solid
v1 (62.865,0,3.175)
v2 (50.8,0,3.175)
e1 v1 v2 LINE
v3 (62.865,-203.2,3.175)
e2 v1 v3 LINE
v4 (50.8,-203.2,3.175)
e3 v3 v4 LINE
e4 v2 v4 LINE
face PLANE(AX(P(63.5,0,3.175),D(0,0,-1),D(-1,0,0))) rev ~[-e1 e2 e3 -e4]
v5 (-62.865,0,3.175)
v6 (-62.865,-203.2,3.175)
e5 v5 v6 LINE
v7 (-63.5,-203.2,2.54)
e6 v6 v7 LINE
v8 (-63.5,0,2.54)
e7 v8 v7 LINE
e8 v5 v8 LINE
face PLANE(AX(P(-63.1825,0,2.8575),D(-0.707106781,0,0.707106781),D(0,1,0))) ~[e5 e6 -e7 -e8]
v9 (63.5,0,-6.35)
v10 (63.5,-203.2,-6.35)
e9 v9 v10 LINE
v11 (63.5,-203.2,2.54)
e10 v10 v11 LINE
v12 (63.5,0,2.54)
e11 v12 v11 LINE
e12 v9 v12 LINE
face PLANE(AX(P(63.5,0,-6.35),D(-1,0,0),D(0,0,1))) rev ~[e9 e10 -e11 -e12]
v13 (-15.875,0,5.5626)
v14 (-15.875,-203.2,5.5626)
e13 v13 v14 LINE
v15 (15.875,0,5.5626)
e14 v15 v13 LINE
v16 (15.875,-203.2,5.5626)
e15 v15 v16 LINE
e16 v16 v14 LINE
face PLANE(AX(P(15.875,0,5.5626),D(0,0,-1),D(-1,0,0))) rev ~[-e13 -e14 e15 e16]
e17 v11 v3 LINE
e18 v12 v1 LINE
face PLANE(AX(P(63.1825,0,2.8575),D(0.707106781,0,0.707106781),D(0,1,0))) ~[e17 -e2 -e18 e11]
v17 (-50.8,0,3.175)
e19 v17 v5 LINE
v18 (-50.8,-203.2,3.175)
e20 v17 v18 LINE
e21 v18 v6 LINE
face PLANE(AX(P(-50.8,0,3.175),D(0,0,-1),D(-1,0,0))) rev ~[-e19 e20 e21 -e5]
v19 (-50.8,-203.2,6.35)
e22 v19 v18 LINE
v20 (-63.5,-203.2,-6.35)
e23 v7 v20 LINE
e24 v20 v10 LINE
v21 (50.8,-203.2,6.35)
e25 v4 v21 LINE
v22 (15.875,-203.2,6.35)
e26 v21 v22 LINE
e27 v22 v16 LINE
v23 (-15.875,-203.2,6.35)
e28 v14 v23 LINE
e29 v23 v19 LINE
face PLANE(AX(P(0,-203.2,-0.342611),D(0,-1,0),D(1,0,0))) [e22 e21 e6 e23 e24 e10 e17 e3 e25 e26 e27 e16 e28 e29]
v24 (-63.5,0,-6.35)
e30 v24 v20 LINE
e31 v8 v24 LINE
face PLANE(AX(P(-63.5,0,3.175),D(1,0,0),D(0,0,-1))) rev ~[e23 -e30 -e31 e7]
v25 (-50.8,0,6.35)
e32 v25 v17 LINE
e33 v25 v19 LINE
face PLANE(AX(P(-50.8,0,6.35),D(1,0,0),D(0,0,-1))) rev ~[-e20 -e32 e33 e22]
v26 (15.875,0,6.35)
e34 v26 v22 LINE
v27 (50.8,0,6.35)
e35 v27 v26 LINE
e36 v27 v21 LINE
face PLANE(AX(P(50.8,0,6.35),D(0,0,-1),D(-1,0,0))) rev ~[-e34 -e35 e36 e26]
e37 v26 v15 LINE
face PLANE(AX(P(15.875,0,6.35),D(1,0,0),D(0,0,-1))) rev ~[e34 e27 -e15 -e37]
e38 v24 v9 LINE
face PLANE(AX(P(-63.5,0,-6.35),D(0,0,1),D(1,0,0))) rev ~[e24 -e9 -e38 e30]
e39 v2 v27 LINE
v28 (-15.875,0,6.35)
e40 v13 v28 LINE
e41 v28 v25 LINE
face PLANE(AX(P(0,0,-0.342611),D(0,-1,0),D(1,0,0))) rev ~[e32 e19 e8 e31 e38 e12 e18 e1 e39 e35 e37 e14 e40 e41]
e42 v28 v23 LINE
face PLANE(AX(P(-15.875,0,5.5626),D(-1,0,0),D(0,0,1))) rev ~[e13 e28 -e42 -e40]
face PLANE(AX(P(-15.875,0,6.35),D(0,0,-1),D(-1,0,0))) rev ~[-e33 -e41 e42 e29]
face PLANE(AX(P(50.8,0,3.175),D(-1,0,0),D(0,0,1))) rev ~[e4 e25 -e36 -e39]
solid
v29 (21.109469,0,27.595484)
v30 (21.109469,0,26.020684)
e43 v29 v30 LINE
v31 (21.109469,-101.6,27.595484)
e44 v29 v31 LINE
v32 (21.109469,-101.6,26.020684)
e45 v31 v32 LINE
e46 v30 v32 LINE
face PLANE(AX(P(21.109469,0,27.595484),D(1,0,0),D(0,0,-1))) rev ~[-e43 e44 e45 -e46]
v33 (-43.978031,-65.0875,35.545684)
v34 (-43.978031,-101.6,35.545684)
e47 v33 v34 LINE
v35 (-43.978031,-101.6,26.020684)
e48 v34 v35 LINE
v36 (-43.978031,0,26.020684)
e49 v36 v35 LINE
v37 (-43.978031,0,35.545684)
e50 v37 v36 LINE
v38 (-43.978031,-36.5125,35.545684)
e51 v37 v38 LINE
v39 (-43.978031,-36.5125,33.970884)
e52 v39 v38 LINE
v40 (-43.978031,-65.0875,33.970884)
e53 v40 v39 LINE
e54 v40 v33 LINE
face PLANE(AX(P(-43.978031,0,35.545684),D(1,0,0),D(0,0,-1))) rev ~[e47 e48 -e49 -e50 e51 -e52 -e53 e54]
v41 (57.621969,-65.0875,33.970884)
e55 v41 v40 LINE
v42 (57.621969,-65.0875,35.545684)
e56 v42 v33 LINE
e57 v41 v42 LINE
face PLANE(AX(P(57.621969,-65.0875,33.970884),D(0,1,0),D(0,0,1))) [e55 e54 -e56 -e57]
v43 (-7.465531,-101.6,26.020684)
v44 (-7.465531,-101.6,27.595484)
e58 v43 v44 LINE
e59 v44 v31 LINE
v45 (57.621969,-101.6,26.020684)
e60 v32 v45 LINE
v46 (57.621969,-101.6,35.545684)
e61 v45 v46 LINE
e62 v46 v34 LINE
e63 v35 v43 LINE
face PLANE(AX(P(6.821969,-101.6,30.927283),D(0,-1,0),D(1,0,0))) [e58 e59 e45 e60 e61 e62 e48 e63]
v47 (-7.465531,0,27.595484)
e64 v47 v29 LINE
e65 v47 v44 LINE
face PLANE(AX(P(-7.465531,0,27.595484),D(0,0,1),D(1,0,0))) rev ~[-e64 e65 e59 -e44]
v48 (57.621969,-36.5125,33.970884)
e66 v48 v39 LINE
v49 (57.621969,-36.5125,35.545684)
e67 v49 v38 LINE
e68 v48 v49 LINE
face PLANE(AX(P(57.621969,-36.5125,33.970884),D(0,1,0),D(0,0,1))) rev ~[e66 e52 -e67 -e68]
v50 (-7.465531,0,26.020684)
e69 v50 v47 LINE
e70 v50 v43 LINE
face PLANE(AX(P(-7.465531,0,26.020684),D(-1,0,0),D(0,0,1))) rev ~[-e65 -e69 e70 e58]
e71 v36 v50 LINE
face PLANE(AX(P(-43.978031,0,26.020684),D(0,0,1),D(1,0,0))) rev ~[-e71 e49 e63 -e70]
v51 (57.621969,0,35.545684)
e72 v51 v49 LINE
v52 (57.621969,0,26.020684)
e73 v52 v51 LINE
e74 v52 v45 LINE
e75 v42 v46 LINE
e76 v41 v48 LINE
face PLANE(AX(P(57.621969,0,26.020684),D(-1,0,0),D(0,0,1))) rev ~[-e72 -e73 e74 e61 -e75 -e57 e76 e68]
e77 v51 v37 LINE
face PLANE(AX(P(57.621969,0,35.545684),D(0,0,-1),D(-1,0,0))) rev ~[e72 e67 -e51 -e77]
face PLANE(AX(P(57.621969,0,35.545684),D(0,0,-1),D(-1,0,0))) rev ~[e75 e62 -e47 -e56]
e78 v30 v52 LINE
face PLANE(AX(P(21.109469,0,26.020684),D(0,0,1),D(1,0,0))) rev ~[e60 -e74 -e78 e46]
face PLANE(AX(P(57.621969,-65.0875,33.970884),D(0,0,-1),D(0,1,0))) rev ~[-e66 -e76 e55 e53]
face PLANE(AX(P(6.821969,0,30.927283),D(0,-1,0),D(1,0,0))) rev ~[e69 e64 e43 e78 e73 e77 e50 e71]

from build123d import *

# Parameters (mm, degrees)
F1_DEPTH = 203.2
F3_DEPTH = 101.6
F4_W     = 28.575
F4_H     = 1.5748
F5_DEPTH = 121.122969
F6_SIZE  = 0.635


with BuildPart() as f1:
    # F0 (on Front) → F1 (new body)
    with BuildSketch(Plane.XZ):
        Polygon((-63.5, -6.35), (63.5, -6.35), (63.5, 3.175), (50.8, 3.175), (50.8, 6.35), (15.875, 6.35), (15.875, 5.5626), (-15.875, 5.5626), (-15.875, 6.35), (-50.8, 6.35), (-50.8, 3.175), (-63.5, 3.175), align=None)
    extrude(amount=F1_DEPTH)

    # F6
    f6_edges = [f1.edges().sort_by_distance(p)[0] for p in [
        (-63.5, -101.6, 3.175),
        (63.5, -101.6, 3.175),
    ]]
    chamfer(f6_edges, length=F6_SIZE)


with BuildPart() as f3:
    # F2 (on Front) → F3 (new body)
    with BuildSketch(Plane.XZ):
        Polygon((57.621969, 35.545684), (-43.978031, 35.545684), (-43.978031, 26.020684), (-7.465531, 26.020684), (-7.465531, 27.595484), (21.109469, 27.595484), (21.109469, 26.020684), (57.621969, 26.020684), align=None)
    extrude(amount=F3_DEPTH)

    # F4 (on face) → F5 (cut, through all)
    with BuildSketch(Plane.YZ.offset(57.621969)):
        with Locations((-50.8, 34.758284)):
            Rectangle(F4_W, F4_H)
    extrude(amount=-F5_DEPTH, mode=Mode.SUBTRACT)


solid = Compound([f1.part, f3.part])
